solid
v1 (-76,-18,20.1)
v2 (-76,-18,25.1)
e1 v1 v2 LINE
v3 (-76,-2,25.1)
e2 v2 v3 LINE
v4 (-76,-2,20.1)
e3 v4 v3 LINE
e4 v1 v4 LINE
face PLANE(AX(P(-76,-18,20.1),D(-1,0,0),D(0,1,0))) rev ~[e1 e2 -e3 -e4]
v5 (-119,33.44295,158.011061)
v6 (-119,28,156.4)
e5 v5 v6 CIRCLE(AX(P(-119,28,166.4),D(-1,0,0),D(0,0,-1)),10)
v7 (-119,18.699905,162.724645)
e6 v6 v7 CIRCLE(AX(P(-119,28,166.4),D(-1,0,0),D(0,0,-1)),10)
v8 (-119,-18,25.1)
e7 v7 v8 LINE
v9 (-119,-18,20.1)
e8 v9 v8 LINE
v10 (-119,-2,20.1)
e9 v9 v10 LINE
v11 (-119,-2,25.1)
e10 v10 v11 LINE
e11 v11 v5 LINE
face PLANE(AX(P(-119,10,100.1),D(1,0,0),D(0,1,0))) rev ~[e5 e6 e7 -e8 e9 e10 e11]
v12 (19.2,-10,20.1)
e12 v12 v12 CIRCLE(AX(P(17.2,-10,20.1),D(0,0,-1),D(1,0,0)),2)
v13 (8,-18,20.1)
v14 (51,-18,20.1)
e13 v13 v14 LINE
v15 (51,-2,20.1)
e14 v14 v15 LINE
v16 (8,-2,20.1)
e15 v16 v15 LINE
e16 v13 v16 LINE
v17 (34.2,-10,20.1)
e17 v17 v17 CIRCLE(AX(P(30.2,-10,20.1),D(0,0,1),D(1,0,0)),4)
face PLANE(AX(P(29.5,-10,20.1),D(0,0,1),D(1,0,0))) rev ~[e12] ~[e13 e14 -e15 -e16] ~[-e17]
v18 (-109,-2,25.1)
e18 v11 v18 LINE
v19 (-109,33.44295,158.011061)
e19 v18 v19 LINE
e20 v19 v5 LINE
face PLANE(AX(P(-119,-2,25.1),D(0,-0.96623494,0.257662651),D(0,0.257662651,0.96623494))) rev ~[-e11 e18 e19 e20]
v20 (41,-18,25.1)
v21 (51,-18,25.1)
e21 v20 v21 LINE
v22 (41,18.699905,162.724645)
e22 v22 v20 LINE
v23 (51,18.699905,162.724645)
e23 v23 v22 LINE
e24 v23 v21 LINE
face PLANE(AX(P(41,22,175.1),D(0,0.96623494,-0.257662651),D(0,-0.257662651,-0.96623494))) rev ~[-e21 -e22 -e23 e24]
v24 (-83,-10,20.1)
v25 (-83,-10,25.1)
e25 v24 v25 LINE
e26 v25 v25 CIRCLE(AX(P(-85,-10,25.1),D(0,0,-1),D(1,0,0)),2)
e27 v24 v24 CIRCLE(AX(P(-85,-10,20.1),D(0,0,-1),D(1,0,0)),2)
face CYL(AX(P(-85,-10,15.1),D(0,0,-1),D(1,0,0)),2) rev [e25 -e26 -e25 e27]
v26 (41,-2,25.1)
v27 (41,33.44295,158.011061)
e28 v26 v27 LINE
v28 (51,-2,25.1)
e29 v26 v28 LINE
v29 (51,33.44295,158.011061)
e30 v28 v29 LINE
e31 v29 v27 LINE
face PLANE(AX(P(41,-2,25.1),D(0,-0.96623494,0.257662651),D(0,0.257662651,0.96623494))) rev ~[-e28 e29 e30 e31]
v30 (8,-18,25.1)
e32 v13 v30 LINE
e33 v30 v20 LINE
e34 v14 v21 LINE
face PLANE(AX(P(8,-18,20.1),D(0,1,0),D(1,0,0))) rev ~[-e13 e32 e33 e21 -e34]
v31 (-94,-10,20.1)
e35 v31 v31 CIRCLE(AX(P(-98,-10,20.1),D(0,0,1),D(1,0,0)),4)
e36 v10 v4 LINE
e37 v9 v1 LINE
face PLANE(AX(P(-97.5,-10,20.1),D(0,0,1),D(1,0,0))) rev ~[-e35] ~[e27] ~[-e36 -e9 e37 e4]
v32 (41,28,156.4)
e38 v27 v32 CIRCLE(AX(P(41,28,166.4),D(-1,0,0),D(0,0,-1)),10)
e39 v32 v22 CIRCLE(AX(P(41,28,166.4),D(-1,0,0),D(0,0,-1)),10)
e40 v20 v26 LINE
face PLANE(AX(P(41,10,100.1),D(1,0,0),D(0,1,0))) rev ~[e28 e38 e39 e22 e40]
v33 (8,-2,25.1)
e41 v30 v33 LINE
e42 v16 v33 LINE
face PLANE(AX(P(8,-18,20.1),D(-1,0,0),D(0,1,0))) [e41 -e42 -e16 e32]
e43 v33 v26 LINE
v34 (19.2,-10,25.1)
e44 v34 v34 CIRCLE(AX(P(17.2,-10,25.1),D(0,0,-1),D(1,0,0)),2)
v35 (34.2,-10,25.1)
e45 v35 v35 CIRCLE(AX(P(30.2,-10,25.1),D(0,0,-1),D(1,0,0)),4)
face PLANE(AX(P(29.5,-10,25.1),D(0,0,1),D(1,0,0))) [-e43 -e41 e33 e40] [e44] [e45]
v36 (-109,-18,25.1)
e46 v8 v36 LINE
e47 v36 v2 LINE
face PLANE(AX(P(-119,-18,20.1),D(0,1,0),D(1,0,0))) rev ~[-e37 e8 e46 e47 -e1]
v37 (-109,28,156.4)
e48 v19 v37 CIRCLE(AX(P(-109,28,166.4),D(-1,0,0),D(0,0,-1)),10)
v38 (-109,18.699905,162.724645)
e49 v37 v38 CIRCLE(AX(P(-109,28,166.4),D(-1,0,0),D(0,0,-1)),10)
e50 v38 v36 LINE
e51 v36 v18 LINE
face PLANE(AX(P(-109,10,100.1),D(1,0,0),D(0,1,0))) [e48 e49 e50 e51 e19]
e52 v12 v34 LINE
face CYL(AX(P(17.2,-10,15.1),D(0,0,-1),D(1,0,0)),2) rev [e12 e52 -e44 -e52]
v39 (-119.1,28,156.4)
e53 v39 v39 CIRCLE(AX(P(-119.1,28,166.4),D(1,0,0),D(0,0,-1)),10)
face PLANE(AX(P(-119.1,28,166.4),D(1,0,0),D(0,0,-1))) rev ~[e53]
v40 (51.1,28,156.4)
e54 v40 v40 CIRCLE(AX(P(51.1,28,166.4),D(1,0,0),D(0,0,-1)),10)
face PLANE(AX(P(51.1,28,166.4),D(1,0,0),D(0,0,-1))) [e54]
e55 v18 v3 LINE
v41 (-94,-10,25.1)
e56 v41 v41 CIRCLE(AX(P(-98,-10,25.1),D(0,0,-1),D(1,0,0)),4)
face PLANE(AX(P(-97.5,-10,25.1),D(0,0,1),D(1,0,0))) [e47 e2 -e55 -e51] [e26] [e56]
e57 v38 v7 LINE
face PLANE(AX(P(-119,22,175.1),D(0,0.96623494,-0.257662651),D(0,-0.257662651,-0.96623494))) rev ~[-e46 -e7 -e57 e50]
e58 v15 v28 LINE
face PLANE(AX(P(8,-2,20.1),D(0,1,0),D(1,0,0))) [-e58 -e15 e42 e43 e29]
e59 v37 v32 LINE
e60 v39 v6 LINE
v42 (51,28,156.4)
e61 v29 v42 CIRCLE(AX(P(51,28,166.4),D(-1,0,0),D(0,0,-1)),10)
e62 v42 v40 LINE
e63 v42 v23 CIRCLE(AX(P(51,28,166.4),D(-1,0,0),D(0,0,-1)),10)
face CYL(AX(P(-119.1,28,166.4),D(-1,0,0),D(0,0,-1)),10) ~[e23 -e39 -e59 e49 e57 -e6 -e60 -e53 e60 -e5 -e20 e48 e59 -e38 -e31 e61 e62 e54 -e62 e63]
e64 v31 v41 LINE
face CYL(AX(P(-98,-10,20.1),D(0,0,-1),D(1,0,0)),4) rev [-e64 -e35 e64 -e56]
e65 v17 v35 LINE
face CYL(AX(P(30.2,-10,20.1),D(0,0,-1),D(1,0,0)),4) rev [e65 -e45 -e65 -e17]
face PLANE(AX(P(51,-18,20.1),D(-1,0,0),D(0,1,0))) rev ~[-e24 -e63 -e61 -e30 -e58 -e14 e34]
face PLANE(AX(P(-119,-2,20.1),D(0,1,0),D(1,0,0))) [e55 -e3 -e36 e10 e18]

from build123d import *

# Parameters (mm, degrees)
CYLINDER127_R             = 10
CYLINDER127_DEPTH         = 170.2
EXTRUDE010_DEPTH          = 10
FILLET003_R               = 7.72
FILLET003_ROLL_ANGLE      = 90
FILLET003_PLACEMENT_ANGLE = 90
EXTRUDE009_DEPTH          = 10
FILLET002_R               = 7.72
FILLET002_ROLL_ANGLE      = 90
FILLET002_PLACEMENT_ANGLE = 90
CYLINDER237_R             = 2
CYLINDER237_DEPTH         = 42
CYLINDER033_R             = 4
CYLINDER033_DEPTH         = 32
BOX309_W                  = 43
BOX309_H                  = 16
BOX309_DEPTH              = 5
CYLINDER236_R             = 2
CYLINDER236_DEPTH         = 42
CYLINDER034_R             = 4
CYLINDER034_DEPTH         = 32
BOX310_W                  = 43
BOX310_H                  = 16
BOX310_DEPTH              = 5


with BuildPart() as cylinder127:
    # Cylinder127 → Cylinder127 (new body)
    with BuildSketch(Plane(origin=(-119.1, 28, 146.3), x_dir=(0, 0, -1), z_dir=(1, 0, 0))):
        Circle(CYLINDER127_R)
    extrude(amount=CYLINDER127_DEPTH)


with BuildPart() as fillet003:
    # Wire005 → Extrude010 (new body)
    with BuildSketch(Plane.XY):
        Polygon((0, 0), (16, 0), (56, 150), (40, 150), align=None)
    extrude(amount=EXTRUDE010_DEPTH)

    # Fillet003
    fillet003_edges = [fillet003.edges().sort_by_distance(p)[0] for p in [
        (56, 150, 5),
        (40, 150, 5),
    ]]
    fillet(fillet003_edges, radius=FILLET003_R)


with BuildPart() as fillet003_1:
    # Fillet003 roll: moved
    add(fillet003.part.rotate(Axis((0, 0, 0), (1, 0, 0)), FILLET003_ROLL_ANGLE))


with BuildPart() as fillet003_2:
    # Fillet003 placement: moved
    add(fillet003_1.part.moved(Location((-119, -18, 5))).rotate(Axis((-119, -18, 5), (0, 0, 1)), FILLET003_PLACEMENT_ANGLE))


with BuildPart() as fusion167:
    # Wire004 → Extrude009 (new body)
    with BuildSketch(Plane.XY):
        Polygon((0, 0), (16, 0), (56, 150), (40, 150), align=None)
    extrude(amount=EXTRUDE009_DEPTH)

    # Fillet002
    fillet002_edges = [fusion167.edges().sort_by_distance(p)[0] for p in [
        (56, 150, 5),
        (40, 150, 5),
    ]]
    fillet(fillet002_edges, radius=FILLET002_R)


with BuildPart() as fusion167_1:
    # Fillet002 roll: moved
    add(fusion167.part.rotate(Axis((0, 0, 0), (1, 0, 0)), FILLET002_ROLL_ANGLE))


with BuildPart() as fusion167_2:
    # Fillet002 placement: moved
    add(fusion167_1.part.moved(Location((41, -18, 5))).rotate(Axis((41, -18, 5), (0, 0, 1)), FILLET002_PLACEMENT_ANGLE))

    # Fusion167: union Cylinder127, Fillet003
    add(cylinder127.part)
    add(fillet003_2.part)


with BuildPart() as cylinder237:
    # Cylinder237 → Cylinder237 (new body)
    with BuildSketch(Plane(origin=(17.2, -10, -5), x_dir=(1, 0, 0), z_dir=(0, 0, 1))):
        Circle(CYLINDER237_R)
    extrude(amount=CYLINDER237_DEPTH)


with BuildPart() as cylinder033:
    # Cylinder033 → Cylinder033 (new body)
    with BuildSketch(Plane(origin=(30.2, -10, 0), x_dir=(1, 0, 0), z_dir=(0, 0, 1))):
        Circle(CYLINDER033_R)
    extrude(amount=CYLINDER033_DEPTH)


with BuildPart() as cut203:
    # Box309 → Box309 (new body)
    with BuildSketch(Plane(origin=(8, -18, 0), x_dir=(1, 0, 0), z_dir=(0, 0, 1))):
        with Locations((21.5, 8)):
            Rectangle(BOX309_W, BOX309_H)
    extrude(amount=BOX309_DEPTH)

    # Cut187: cut Cylinder033
    add(cylinder033.part, mode=Mode.SUBTRACT)

    # Cut203: cut Cylinder237
    add(cylinder237.part, mode=Mode.SUBTRACT)


with BuildPart() as cylinder236:
    # Cylinder236 → Cylinder236 (new body)
    with BuildSketch(Plane(origin=(-85, -10, -5), x_dir=(1, 0, 0), z_dir=(0, 0, 1))):
        Circle(CYLINDER236_R)
    extrude(amount=CYLINDER236_DEPTH)


with BuildPart() as cylinder034:
    # Cylinder034 → Cylinder034 (new body)
    with BuildSketch(Plane(origin=(-98, -10, 0), x_dir=(1, 0, 0), z_dir=(0, 0, 1))):
        Circle(CYLINDER034_R)
    extrude(amount=CYLINDER034_DEPTH)


with BuildPart() as handle:
    # Box310 → Box310 (new body)
    with BuildSketch(Plane(origin=(-119, -18, 0), x_dir=(1, 0, 0), z_dir=(0, 0, 1))):
        with Locations((21.5, 8)):
            Rectangle(BOX310_W, BOX310_H)
    extrude(amount=BOX310_DEPTH)

    # Cut183: cut Cylinder034
    add(cylinder034.part, mode=Mode.SUBTRACT)

    # Cut202: cut Cylinder236
    add(cylinder236.part, mode=Mode.SUBTRACT)

    # Fusion169: union Fusion167, Cut203
    add(fusion167_2.part)
    add(cut203.part)


with BuildPart() as handle_1:
    # Fusion169 placement: moved
    add(handle.part.moved(Location((0, 0, 20.1))))


solid = handle_1.part
